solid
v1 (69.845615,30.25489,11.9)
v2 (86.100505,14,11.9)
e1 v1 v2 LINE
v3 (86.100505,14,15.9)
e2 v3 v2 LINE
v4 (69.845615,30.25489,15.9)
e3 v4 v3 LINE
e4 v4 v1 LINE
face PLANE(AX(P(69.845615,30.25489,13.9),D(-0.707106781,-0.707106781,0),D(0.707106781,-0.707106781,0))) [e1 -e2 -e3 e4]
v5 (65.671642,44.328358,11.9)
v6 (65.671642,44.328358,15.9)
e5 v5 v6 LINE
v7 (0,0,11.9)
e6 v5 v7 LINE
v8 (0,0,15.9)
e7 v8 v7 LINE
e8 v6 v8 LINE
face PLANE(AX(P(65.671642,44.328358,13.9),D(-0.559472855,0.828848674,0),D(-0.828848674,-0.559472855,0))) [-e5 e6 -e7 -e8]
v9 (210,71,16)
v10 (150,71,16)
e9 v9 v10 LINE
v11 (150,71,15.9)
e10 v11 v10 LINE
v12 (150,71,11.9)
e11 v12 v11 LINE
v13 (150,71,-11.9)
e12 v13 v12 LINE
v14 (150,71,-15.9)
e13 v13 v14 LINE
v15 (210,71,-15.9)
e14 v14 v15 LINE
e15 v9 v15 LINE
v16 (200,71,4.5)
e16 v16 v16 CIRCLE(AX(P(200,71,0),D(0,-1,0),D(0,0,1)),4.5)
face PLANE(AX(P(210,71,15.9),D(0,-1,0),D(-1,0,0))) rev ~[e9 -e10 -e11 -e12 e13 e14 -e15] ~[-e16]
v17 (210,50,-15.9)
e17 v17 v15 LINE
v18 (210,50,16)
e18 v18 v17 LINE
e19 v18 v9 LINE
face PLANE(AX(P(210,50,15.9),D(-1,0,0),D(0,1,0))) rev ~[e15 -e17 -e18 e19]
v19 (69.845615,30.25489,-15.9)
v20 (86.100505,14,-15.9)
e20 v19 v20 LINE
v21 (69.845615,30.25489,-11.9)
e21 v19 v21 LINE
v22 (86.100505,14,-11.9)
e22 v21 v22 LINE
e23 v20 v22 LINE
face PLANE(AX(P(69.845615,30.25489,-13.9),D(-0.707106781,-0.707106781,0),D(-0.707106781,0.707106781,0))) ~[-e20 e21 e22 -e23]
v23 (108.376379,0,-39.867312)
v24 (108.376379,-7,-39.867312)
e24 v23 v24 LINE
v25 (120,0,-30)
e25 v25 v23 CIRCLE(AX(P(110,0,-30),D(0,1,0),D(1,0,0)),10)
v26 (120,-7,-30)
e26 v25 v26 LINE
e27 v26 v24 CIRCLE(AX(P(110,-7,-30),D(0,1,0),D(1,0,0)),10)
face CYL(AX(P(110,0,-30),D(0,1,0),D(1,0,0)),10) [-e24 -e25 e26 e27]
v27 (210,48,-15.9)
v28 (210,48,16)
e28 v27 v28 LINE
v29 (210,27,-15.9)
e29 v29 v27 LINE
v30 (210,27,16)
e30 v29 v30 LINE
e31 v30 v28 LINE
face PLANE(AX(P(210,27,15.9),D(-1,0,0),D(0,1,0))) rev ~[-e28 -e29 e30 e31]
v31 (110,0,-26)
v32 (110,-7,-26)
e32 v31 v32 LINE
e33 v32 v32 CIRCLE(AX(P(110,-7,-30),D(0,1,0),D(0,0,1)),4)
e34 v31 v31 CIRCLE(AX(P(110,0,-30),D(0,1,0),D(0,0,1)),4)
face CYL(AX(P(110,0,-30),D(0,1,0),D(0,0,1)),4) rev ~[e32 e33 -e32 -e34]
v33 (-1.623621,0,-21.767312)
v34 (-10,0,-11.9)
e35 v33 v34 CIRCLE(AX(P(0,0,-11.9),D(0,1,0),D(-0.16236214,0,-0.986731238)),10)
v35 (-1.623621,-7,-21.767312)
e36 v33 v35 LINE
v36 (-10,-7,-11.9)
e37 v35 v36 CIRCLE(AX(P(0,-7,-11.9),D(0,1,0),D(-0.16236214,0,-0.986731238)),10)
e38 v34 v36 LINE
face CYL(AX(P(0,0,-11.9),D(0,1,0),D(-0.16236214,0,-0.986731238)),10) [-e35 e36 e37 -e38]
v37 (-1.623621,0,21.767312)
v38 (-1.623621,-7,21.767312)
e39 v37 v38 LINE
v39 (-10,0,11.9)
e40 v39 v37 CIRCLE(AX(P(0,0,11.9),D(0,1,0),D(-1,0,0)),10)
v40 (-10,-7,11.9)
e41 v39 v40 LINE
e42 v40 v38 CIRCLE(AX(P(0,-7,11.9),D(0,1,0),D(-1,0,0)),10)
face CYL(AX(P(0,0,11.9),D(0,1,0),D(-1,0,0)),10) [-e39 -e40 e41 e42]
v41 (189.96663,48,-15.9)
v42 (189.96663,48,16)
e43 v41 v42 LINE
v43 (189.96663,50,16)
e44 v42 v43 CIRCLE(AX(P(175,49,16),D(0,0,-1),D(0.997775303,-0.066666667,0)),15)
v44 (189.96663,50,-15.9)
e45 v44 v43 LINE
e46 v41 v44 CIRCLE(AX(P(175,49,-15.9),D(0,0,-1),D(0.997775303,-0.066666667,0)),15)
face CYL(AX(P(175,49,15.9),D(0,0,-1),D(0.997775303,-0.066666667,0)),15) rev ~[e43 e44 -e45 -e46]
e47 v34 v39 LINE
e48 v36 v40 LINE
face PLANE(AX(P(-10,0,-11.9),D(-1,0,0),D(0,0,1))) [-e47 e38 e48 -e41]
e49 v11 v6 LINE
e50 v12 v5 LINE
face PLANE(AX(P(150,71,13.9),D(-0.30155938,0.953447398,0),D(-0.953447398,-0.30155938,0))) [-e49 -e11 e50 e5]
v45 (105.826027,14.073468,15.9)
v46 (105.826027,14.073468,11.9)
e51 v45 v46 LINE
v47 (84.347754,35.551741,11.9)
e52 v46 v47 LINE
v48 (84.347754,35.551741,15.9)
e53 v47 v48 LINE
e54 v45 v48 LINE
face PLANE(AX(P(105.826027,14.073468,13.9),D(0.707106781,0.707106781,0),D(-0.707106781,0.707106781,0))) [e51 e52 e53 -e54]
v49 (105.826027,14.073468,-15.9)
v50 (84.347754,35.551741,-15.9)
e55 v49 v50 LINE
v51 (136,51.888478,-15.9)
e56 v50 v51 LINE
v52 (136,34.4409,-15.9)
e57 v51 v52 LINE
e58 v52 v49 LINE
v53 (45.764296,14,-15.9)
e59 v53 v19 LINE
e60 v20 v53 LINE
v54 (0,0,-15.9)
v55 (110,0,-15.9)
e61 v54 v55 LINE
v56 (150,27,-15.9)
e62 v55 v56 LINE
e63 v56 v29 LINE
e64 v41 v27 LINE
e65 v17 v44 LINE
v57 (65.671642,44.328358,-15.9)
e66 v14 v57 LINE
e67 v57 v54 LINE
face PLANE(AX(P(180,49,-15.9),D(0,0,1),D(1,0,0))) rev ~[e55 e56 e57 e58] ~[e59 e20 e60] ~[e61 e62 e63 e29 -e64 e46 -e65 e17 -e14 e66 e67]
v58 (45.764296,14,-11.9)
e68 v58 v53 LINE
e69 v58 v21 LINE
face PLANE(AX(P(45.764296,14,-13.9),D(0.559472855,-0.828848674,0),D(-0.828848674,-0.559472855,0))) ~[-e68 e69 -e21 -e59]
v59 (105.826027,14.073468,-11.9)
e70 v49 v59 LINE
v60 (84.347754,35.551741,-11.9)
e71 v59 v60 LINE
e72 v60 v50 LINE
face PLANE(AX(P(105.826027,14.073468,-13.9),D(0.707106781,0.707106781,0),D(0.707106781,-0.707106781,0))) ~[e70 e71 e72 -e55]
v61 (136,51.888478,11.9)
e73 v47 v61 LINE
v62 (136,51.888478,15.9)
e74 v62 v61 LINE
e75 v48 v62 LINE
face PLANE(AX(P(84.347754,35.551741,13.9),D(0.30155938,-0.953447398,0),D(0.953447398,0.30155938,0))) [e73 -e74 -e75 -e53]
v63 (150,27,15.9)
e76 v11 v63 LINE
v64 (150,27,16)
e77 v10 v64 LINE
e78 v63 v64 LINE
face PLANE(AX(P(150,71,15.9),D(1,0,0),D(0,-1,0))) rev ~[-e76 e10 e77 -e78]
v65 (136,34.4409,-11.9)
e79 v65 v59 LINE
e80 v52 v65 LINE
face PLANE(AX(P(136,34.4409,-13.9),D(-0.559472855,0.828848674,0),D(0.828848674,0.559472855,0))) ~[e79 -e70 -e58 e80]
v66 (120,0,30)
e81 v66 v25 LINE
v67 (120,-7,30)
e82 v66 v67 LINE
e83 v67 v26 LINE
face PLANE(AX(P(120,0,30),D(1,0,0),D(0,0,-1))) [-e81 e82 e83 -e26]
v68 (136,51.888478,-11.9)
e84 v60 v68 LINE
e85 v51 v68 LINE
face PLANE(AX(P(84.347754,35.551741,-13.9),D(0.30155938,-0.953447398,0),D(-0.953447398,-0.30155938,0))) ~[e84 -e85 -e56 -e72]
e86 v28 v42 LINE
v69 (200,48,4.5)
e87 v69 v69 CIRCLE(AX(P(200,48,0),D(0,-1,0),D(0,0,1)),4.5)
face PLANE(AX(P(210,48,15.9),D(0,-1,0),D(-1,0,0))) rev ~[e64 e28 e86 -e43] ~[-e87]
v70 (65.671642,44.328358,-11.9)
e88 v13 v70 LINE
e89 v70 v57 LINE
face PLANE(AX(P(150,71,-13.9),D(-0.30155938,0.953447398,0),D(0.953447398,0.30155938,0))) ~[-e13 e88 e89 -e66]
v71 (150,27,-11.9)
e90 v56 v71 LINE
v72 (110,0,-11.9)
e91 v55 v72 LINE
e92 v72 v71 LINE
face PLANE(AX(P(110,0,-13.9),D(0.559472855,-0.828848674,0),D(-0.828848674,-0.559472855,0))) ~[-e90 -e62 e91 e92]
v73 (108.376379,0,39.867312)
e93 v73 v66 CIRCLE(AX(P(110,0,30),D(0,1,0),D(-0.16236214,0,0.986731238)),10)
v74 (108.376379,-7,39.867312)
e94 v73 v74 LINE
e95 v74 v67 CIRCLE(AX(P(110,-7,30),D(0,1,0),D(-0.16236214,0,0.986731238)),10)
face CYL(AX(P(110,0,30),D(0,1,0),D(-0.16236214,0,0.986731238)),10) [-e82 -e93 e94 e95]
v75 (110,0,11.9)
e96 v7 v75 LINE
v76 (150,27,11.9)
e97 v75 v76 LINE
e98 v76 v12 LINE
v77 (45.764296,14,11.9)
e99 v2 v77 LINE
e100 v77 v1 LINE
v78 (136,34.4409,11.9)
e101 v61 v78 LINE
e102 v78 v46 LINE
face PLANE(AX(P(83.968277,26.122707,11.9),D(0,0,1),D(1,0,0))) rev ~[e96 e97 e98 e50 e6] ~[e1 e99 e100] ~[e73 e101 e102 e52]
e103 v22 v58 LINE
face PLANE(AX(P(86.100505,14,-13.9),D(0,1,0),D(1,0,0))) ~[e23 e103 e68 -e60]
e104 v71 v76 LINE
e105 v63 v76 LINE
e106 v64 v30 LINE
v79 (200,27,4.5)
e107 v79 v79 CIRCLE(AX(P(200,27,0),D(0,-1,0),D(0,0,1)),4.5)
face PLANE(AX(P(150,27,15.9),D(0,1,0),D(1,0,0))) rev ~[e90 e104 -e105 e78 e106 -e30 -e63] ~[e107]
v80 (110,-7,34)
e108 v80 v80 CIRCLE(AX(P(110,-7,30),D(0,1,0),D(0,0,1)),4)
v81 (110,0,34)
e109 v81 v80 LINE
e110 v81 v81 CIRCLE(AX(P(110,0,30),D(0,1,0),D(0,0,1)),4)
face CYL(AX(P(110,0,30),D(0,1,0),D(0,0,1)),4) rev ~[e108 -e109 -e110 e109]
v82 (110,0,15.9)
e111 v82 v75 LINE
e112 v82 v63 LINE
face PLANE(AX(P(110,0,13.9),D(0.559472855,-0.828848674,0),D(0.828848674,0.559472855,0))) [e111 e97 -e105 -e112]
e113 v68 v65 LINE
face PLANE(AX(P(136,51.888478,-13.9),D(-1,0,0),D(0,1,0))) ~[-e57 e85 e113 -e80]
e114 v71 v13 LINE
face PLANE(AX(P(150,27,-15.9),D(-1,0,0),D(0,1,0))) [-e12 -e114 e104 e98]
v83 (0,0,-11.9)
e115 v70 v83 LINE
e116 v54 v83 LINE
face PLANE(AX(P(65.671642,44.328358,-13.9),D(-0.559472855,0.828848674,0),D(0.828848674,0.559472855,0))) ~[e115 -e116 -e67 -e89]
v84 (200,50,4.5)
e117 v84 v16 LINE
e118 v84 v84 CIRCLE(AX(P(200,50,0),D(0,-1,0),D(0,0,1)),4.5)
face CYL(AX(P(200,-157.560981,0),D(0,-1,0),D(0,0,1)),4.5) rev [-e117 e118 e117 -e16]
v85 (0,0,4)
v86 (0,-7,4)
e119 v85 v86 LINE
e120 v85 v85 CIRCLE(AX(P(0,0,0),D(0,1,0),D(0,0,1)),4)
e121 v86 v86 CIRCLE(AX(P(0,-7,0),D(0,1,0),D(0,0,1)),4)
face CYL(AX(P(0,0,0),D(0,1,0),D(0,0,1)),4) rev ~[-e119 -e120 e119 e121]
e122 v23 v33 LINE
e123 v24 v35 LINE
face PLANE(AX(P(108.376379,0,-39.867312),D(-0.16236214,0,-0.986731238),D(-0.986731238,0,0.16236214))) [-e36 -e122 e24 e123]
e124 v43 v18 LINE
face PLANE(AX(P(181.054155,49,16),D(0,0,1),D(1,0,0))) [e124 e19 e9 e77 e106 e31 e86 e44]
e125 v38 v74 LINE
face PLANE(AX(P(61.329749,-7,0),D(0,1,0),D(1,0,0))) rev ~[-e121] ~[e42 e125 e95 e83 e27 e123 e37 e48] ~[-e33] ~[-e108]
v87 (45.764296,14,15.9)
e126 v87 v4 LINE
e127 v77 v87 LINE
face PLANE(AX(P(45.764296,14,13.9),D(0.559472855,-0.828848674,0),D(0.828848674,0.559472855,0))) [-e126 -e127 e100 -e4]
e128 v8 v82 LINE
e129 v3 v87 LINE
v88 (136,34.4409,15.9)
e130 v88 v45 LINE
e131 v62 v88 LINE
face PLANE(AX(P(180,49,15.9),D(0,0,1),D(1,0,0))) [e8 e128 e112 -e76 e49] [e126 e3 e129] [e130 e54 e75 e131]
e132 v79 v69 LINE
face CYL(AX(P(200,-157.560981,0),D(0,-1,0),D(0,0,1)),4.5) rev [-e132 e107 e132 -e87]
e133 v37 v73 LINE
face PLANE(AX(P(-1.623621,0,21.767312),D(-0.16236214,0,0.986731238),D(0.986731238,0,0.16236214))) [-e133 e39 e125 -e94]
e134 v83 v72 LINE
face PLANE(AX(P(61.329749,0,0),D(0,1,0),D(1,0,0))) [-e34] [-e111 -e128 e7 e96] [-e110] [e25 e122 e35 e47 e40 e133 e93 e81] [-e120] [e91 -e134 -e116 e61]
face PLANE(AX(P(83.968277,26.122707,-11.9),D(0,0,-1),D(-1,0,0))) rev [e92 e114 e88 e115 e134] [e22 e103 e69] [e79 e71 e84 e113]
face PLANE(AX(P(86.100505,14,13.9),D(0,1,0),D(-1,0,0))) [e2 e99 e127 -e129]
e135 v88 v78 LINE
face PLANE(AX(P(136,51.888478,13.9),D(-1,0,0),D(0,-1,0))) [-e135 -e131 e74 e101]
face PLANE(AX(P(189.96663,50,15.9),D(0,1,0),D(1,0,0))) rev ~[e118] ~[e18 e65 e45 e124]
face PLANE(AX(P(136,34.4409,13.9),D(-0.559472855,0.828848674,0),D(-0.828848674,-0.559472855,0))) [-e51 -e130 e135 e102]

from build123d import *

# Parameters (mm, degrees)
BOSS_EXTRUDE1_DEPTH     = 2
BOSS_EXTRUDE2_START     = -31.8
SKETCH3_W               = 60
SKETCH3_H               = 44
BOSS_EXTRUDE2_DEPTH     = 31.8
SKETCH4_R               = 4
BOSS_EXTRUDE3_DEPTH     = 7
CUT_EXTRUDE1_DEPTH      = 229.617169084
CUT_EXTRUDE1_DEPTH_BACK = 229.617169084
CUT_EXTRUDE2_DEPTH      = 228.560980838
CUT_EXTRUDE2_DEPTH_BACK = 228.560980838
SKETCH8_R               = 4.5
BOSS_EXTRUDE4_DEPTH     = 0.1


with BuildPart() as part:
    # Sketch1 → Boss-Extrude1 (new, symmetric)
    with BuildSketch(Plane.XY.offset(13.9)):
        Polygon((150, 27), (150, 71), (65.671641791, 44.328358209), (0, 0), (110, 0), align=None)
        Polygon((45.764296173, 14), (69.845614914, 30.25489015), (86.100505063, 14), align=None, mode=Mode.SUBTRACT)
        Polygon((84.347754219, 35.551740718), (136, 51.888477569), (136, 34.440899917), (105.826026877, 14.073468059), align=None, mode=Mode.SUBTRACT)
    extrude(amount=BOSS_EXTRUDE1_DEPTH, both=True)


with BuildPart() as body_2:
    # Mirror2: mirrored copy
    add(part.part.mirror(Plane.XY))


with BuildPart() as part_1:
    add(part.part)

    add(body_2.part)  # Boss-Extrude2 merges body 2
    # Sketch3 → Boss-Extrude2 (add)
    with BuildSketch(Plane.XY.offset(15.9).offset(BOSS_EXTRUDE2_START)):
        with Locations((180, 49)):
            Rectangle(SKETCH3_W, SKETCH3_H)
    extrude(amount=BOSS_EXTRUDE2_DEPTH)

    # Sketch4 → Boss-Extrude3 (add)
    with BuildSketch(Plane(origin=(0, 0, 0), x_dir=(1, 0, 0), z_dir=(0, 1, 0))):
        with BuildLine():
            Line((108.3763786, 39.867312377), (-1.6236214, 21.767312377))
            ThreePointArc((-1.6236214, 21.767312377), (-7.623523267, 18.37162213), (-10, 11.9))
            Line((-10, 11.9), (-10, -11.9))
            ThreePointArc((-10, -11.9), (-7.623523267, -18.37162213), (-1.6236214, -21.767312377))
            Line((-1.6236214, -21.767312377), (108.3763786, -39.867312377))
            ThreePointArc((108.3763786, -39.867312377), (116.47162213, -37.623523267), (120, -30))
            Line((120, -30), (120, 30))
            ThreePointArc((120, 30), (116.47162213, 37.623523267), (108.3763786, 39.867312377))
        make_face()
        with Locations(Location((110, 30, 0), (0, 0, 270))):
            Circle(SKETCH4_R, mode=Mode.SUBTRACT)
        with Locations(Location((110, -30, 0), (0, 0, 270))):
            Circle(SKETCH4_R, mode=Mode.SUBTRACT)
        with Locations(Location((0, 0, 0), (0, 0, 270))):
            Circle(SKETCH4_R, mode=Mode.SUBTRACT)
    extrude(amount=-BOSS_EXTRUDE3_DEPTH)

    # Sketch7 → Cut-Extrude1 (cut, two sides: drawn at the far end of the back side and taken through both)
    with BuildSketch(Plane.XY.offset(15.9).offset(-CUT_EXTRUDE1_DEPTH_BACK)):
        with BuildLine():
            Line((189.966629547, 50), (210, 50))
            Line((210, 50), (210, 48))
            Line((210, 48), (189.966629547, 48))
            ThreePointArc((189.966629547, 48), (160, 49), (189.966629547, 50))
        make_face()
    extrude(amount=CUT_EXTRUDE1_DEPTH + CUT_EXTRUDE1_DEPTH_BACK, mode=Mode.SUBTRACT)

    # Sketch8 → Cut-Extrude2 (cut, two sides: drawn at the far end of the back side and taken through both)
    with BuildSketch(Plane(origin=(0, 71, 0), x_dir=(1, 0, 0), z_dir=(0, 1, 0)).offset(-CUT_EXTRUDE2_DEPTH_BACK)):
        with Locations(Location((200, 0, 0), (0, 0, 270))):
            Circle(SKETCH8_R)
    extrude(amount=CUT_EXTRUDE2_DEPTH + CUT_EXTRUDE2_DEPTH_BACK, mode=Mode.SUBTRACT)

    # Sketch9 → Boss-Extrude4 (add)
    with BuildSketch(Plane.XY.offset(15.9)):
        with BuildLine():
            Line((150, 71), (150, 27))
            Line((150, 27), (210, 27))
            Line((210, 27), (210, 48))
            Line((210, 48), (189.966629547, 48))
            ThreePointArc((189.966629547, 48), (160, 49), (189.966629547, 50))
            Line((189.966629547, 50), (210, 50))
            Line((210, 50), (210, 71))
            Line((210, 71), (150, 71))
        make_face()
    extrude(amount=BOSS_EXTRUDE4_DEPTH)


solid = part_1.part
